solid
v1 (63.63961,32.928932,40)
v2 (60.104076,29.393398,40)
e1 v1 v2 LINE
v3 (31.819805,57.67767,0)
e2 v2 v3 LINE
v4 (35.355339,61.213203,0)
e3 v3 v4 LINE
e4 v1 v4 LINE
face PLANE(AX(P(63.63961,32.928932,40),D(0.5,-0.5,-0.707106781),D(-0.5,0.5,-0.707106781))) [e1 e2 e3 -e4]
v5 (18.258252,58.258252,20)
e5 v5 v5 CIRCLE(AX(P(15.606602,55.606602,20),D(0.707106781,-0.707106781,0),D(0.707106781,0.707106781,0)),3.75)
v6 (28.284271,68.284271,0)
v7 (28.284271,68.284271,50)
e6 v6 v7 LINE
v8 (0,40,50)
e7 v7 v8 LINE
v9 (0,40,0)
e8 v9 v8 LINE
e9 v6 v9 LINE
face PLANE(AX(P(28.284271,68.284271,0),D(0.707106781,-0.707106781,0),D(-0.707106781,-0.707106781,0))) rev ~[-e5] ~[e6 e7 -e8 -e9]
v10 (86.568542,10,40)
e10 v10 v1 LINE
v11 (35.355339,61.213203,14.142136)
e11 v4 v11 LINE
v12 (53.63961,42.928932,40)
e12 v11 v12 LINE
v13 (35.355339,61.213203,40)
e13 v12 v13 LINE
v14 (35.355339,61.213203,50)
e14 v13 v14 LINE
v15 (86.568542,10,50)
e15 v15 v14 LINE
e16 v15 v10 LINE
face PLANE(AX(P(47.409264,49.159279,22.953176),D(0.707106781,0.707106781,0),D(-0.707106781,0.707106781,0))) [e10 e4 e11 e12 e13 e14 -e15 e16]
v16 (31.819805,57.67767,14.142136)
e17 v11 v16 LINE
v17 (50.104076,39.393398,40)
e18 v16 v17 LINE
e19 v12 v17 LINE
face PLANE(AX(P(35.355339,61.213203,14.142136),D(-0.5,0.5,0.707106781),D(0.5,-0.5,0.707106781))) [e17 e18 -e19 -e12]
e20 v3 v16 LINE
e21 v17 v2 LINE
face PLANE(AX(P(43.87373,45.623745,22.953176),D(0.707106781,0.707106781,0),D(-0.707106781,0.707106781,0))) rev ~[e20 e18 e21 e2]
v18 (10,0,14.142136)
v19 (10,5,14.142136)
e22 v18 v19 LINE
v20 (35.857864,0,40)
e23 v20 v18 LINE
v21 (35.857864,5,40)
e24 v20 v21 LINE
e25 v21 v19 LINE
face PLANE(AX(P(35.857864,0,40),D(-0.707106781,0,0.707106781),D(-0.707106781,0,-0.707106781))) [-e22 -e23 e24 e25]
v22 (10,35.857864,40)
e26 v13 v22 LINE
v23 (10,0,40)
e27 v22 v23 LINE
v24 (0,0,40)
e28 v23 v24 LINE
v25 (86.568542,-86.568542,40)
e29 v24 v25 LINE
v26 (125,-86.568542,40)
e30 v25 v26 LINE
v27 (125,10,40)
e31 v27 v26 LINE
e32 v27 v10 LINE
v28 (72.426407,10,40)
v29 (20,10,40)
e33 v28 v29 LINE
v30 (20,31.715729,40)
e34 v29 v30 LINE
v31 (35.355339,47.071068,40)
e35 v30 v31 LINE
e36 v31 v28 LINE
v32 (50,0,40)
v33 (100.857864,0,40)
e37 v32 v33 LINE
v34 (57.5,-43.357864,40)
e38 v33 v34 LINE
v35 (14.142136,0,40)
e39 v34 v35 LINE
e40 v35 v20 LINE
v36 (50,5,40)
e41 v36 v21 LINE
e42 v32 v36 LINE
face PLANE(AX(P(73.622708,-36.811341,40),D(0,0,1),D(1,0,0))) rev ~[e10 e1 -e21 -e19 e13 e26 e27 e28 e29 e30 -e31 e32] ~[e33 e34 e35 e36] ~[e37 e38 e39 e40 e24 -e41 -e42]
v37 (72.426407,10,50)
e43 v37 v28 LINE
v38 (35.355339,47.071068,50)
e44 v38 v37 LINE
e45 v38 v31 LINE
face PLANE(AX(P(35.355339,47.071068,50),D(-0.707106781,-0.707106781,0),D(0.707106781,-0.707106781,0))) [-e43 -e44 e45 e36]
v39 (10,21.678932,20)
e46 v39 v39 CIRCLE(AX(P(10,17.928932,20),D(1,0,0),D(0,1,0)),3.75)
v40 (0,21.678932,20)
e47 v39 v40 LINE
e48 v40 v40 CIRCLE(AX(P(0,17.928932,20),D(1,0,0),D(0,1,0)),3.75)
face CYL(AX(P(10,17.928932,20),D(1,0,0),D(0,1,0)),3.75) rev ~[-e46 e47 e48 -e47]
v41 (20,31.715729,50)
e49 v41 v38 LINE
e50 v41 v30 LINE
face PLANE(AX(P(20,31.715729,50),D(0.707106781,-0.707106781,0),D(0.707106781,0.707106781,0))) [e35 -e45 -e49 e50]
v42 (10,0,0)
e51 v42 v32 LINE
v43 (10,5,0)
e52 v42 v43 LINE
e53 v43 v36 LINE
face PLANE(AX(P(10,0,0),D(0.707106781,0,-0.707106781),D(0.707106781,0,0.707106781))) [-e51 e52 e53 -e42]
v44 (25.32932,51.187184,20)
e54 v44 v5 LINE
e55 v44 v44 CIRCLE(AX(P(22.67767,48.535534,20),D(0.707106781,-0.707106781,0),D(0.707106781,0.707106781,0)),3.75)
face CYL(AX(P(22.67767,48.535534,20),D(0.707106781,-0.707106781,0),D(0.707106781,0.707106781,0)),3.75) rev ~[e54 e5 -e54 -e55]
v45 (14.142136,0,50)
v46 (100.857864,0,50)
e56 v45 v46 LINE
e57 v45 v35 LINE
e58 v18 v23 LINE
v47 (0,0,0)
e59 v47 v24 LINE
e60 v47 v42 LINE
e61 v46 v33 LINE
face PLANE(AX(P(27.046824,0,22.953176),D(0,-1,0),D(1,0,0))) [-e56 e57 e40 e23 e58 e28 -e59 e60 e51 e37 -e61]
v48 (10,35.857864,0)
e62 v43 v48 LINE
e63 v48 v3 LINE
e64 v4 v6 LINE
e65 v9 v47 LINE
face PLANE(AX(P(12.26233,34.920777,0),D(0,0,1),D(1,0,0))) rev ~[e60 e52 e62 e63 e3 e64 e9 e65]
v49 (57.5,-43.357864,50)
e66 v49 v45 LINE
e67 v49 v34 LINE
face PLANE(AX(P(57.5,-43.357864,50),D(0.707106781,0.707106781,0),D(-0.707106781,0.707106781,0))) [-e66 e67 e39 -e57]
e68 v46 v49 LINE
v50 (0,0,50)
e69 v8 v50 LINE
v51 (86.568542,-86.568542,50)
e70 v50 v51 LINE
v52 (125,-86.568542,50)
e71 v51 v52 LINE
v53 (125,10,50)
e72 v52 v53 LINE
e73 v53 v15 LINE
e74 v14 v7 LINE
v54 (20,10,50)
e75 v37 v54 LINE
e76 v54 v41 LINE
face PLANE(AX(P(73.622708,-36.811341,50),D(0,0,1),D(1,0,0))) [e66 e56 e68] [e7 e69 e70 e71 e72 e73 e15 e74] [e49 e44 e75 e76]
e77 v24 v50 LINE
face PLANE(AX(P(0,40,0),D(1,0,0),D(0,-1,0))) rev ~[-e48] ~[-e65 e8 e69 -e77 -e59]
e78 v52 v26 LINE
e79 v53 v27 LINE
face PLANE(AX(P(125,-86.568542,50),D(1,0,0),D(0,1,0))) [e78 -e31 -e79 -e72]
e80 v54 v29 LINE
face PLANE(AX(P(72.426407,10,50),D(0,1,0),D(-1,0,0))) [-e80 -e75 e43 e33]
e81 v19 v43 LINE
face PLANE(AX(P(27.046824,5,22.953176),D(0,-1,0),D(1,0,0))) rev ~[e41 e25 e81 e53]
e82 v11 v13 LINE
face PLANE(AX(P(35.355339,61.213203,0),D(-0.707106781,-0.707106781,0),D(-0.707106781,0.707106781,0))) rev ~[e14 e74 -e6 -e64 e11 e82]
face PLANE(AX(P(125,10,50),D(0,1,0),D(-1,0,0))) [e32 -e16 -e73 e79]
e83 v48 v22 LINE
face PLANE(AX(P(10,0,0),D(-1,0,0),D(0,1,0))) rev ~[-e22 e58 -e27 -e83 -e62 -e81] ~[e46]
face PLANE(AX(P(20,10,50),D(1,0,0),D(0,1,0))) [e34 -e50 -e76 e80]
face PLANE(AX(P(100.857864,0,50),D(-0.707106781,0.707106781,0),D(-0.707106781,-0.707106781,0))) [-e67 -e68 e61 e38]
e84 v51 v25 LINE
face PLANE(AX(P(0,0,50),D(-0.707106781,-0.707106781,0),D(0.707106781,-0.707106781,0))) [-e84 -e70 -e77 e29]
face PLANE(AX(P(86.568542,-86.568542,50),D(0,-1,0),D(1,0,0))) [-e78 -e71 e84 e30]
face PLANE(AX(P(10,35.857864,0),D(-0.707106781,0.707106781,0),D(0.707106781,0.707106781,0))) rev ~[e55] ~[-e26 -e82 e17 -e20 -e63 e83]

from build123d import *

# Parameters (mm, degrees)
F1_DEPTH  = 50
F3_DEPTH  = 10
F5_R      = 3.75
F6_DEPTH  = 10.001
F4_R      = 3.75
F7_DEPTH  = 30.001
F9_DEPTH  = 5
F11_DEPTH = 5
F13_DEPTH = 10


with BuildPart() as f1:
    # F0 (on Top) → F1 (new body)
    with BuildSketch(Plane.XY):
        Polygon((0, 40), (0, 0), (10, 0), (10, 35.8578643763), (35.3553390593, 61.2132034356), (28.2842712475, 68.2842712475), align=None)
    extrude(amount=F1_DEPTH)

    # F2 (on face) → F3 (join)
    with BuildSketch(Plane.XY.offset(50)):
        Polygon((86.5685424949, 10), (35.3553390593, 61.2132034356), (10, 35.8578643763), (10, 0), (125, 0), (125, 10), align=None)
        Polygon((35.3553390593, 47.0710678119), (72.4264068712, 10), (20, 10), (20, 31.7157287525), align=None, mode=Mode.SUBTRACT)
    extrude(amount=-F3_DEPTH)

    # F5 (on face) → F6 (cut, through all)
    with BuildSketch(Plane.YZ.offset(10)):
        with Locations((17.9289321881, 20)):
            Circle(F5_R)
    extrude(amount=-F6_DEPTH, mode=Mode.SUBTRACT)

    # F4 (on face) → F7 (cut, through all)
    with BuildSketch(Plane(origin=(-12.9289321881, 12.9289321881, 0), x_dir=(0.7071067812, 0.7071067812, 0), z_dir=(0.7071067812, -0.7071067812, 0))):
        with Locations((50.3553390593, 20)):
            Circle(F4_R)
    extrude(amount=-F7_DEPTH, mode=Mode.SUBTRACT)

    # F8 (on face) → F9 (join)
    with BuildSketch(Plane.XZ):
        Polygon((10, 14.1421356237), (10, 0), (50, 40), (35.8578643763, 40), align=None)
    extrude(amount=-F9_DEPTH)

    # F10 (on face) → F11 (join)
    with BuildSketch(Plane(origin=(48.2842712475, 48.2842712475, 0), x_dir=(-0.7071067812, 0.7071067812, 0), z_dir=(0.7071067812, 0.7071067812, 0))):
        Polygon((-21.7157287525, 40), (18.2842712475, 0), (18.2842712475, 14.1421356237), (-7.5735931288, 40), align=None)
    extrude(amount=-F11_DEPTH)

    # F12 (on face) → F13 (join, through all)
    with BuildSketch(Plane.XY.offset(50)):
        Polygon((14.1421356237, 0), (0, 0), (86.5685424949, -86.5685424949), (125, -86.5685424949), (125, -76.5685424949), (125, 0), (115, 0), (100.8578643763, 0), (57.5, -43.3578643763), align=None)
        Polygon((64.5710678119, -50.4289321881), (115, 0), (115, -76.5685424949), (90.7106781187, -76.5685424949), align=None, mode=Mode.SUBTRACT)
        Polygon((115, -76.5685424949), (115, 0), (64.5710678119, -50.4289321881), (90.7106781187, -76.5685424949), align=None)
    extrude(amount=-F13_DEPTH)


solid = f1.part
